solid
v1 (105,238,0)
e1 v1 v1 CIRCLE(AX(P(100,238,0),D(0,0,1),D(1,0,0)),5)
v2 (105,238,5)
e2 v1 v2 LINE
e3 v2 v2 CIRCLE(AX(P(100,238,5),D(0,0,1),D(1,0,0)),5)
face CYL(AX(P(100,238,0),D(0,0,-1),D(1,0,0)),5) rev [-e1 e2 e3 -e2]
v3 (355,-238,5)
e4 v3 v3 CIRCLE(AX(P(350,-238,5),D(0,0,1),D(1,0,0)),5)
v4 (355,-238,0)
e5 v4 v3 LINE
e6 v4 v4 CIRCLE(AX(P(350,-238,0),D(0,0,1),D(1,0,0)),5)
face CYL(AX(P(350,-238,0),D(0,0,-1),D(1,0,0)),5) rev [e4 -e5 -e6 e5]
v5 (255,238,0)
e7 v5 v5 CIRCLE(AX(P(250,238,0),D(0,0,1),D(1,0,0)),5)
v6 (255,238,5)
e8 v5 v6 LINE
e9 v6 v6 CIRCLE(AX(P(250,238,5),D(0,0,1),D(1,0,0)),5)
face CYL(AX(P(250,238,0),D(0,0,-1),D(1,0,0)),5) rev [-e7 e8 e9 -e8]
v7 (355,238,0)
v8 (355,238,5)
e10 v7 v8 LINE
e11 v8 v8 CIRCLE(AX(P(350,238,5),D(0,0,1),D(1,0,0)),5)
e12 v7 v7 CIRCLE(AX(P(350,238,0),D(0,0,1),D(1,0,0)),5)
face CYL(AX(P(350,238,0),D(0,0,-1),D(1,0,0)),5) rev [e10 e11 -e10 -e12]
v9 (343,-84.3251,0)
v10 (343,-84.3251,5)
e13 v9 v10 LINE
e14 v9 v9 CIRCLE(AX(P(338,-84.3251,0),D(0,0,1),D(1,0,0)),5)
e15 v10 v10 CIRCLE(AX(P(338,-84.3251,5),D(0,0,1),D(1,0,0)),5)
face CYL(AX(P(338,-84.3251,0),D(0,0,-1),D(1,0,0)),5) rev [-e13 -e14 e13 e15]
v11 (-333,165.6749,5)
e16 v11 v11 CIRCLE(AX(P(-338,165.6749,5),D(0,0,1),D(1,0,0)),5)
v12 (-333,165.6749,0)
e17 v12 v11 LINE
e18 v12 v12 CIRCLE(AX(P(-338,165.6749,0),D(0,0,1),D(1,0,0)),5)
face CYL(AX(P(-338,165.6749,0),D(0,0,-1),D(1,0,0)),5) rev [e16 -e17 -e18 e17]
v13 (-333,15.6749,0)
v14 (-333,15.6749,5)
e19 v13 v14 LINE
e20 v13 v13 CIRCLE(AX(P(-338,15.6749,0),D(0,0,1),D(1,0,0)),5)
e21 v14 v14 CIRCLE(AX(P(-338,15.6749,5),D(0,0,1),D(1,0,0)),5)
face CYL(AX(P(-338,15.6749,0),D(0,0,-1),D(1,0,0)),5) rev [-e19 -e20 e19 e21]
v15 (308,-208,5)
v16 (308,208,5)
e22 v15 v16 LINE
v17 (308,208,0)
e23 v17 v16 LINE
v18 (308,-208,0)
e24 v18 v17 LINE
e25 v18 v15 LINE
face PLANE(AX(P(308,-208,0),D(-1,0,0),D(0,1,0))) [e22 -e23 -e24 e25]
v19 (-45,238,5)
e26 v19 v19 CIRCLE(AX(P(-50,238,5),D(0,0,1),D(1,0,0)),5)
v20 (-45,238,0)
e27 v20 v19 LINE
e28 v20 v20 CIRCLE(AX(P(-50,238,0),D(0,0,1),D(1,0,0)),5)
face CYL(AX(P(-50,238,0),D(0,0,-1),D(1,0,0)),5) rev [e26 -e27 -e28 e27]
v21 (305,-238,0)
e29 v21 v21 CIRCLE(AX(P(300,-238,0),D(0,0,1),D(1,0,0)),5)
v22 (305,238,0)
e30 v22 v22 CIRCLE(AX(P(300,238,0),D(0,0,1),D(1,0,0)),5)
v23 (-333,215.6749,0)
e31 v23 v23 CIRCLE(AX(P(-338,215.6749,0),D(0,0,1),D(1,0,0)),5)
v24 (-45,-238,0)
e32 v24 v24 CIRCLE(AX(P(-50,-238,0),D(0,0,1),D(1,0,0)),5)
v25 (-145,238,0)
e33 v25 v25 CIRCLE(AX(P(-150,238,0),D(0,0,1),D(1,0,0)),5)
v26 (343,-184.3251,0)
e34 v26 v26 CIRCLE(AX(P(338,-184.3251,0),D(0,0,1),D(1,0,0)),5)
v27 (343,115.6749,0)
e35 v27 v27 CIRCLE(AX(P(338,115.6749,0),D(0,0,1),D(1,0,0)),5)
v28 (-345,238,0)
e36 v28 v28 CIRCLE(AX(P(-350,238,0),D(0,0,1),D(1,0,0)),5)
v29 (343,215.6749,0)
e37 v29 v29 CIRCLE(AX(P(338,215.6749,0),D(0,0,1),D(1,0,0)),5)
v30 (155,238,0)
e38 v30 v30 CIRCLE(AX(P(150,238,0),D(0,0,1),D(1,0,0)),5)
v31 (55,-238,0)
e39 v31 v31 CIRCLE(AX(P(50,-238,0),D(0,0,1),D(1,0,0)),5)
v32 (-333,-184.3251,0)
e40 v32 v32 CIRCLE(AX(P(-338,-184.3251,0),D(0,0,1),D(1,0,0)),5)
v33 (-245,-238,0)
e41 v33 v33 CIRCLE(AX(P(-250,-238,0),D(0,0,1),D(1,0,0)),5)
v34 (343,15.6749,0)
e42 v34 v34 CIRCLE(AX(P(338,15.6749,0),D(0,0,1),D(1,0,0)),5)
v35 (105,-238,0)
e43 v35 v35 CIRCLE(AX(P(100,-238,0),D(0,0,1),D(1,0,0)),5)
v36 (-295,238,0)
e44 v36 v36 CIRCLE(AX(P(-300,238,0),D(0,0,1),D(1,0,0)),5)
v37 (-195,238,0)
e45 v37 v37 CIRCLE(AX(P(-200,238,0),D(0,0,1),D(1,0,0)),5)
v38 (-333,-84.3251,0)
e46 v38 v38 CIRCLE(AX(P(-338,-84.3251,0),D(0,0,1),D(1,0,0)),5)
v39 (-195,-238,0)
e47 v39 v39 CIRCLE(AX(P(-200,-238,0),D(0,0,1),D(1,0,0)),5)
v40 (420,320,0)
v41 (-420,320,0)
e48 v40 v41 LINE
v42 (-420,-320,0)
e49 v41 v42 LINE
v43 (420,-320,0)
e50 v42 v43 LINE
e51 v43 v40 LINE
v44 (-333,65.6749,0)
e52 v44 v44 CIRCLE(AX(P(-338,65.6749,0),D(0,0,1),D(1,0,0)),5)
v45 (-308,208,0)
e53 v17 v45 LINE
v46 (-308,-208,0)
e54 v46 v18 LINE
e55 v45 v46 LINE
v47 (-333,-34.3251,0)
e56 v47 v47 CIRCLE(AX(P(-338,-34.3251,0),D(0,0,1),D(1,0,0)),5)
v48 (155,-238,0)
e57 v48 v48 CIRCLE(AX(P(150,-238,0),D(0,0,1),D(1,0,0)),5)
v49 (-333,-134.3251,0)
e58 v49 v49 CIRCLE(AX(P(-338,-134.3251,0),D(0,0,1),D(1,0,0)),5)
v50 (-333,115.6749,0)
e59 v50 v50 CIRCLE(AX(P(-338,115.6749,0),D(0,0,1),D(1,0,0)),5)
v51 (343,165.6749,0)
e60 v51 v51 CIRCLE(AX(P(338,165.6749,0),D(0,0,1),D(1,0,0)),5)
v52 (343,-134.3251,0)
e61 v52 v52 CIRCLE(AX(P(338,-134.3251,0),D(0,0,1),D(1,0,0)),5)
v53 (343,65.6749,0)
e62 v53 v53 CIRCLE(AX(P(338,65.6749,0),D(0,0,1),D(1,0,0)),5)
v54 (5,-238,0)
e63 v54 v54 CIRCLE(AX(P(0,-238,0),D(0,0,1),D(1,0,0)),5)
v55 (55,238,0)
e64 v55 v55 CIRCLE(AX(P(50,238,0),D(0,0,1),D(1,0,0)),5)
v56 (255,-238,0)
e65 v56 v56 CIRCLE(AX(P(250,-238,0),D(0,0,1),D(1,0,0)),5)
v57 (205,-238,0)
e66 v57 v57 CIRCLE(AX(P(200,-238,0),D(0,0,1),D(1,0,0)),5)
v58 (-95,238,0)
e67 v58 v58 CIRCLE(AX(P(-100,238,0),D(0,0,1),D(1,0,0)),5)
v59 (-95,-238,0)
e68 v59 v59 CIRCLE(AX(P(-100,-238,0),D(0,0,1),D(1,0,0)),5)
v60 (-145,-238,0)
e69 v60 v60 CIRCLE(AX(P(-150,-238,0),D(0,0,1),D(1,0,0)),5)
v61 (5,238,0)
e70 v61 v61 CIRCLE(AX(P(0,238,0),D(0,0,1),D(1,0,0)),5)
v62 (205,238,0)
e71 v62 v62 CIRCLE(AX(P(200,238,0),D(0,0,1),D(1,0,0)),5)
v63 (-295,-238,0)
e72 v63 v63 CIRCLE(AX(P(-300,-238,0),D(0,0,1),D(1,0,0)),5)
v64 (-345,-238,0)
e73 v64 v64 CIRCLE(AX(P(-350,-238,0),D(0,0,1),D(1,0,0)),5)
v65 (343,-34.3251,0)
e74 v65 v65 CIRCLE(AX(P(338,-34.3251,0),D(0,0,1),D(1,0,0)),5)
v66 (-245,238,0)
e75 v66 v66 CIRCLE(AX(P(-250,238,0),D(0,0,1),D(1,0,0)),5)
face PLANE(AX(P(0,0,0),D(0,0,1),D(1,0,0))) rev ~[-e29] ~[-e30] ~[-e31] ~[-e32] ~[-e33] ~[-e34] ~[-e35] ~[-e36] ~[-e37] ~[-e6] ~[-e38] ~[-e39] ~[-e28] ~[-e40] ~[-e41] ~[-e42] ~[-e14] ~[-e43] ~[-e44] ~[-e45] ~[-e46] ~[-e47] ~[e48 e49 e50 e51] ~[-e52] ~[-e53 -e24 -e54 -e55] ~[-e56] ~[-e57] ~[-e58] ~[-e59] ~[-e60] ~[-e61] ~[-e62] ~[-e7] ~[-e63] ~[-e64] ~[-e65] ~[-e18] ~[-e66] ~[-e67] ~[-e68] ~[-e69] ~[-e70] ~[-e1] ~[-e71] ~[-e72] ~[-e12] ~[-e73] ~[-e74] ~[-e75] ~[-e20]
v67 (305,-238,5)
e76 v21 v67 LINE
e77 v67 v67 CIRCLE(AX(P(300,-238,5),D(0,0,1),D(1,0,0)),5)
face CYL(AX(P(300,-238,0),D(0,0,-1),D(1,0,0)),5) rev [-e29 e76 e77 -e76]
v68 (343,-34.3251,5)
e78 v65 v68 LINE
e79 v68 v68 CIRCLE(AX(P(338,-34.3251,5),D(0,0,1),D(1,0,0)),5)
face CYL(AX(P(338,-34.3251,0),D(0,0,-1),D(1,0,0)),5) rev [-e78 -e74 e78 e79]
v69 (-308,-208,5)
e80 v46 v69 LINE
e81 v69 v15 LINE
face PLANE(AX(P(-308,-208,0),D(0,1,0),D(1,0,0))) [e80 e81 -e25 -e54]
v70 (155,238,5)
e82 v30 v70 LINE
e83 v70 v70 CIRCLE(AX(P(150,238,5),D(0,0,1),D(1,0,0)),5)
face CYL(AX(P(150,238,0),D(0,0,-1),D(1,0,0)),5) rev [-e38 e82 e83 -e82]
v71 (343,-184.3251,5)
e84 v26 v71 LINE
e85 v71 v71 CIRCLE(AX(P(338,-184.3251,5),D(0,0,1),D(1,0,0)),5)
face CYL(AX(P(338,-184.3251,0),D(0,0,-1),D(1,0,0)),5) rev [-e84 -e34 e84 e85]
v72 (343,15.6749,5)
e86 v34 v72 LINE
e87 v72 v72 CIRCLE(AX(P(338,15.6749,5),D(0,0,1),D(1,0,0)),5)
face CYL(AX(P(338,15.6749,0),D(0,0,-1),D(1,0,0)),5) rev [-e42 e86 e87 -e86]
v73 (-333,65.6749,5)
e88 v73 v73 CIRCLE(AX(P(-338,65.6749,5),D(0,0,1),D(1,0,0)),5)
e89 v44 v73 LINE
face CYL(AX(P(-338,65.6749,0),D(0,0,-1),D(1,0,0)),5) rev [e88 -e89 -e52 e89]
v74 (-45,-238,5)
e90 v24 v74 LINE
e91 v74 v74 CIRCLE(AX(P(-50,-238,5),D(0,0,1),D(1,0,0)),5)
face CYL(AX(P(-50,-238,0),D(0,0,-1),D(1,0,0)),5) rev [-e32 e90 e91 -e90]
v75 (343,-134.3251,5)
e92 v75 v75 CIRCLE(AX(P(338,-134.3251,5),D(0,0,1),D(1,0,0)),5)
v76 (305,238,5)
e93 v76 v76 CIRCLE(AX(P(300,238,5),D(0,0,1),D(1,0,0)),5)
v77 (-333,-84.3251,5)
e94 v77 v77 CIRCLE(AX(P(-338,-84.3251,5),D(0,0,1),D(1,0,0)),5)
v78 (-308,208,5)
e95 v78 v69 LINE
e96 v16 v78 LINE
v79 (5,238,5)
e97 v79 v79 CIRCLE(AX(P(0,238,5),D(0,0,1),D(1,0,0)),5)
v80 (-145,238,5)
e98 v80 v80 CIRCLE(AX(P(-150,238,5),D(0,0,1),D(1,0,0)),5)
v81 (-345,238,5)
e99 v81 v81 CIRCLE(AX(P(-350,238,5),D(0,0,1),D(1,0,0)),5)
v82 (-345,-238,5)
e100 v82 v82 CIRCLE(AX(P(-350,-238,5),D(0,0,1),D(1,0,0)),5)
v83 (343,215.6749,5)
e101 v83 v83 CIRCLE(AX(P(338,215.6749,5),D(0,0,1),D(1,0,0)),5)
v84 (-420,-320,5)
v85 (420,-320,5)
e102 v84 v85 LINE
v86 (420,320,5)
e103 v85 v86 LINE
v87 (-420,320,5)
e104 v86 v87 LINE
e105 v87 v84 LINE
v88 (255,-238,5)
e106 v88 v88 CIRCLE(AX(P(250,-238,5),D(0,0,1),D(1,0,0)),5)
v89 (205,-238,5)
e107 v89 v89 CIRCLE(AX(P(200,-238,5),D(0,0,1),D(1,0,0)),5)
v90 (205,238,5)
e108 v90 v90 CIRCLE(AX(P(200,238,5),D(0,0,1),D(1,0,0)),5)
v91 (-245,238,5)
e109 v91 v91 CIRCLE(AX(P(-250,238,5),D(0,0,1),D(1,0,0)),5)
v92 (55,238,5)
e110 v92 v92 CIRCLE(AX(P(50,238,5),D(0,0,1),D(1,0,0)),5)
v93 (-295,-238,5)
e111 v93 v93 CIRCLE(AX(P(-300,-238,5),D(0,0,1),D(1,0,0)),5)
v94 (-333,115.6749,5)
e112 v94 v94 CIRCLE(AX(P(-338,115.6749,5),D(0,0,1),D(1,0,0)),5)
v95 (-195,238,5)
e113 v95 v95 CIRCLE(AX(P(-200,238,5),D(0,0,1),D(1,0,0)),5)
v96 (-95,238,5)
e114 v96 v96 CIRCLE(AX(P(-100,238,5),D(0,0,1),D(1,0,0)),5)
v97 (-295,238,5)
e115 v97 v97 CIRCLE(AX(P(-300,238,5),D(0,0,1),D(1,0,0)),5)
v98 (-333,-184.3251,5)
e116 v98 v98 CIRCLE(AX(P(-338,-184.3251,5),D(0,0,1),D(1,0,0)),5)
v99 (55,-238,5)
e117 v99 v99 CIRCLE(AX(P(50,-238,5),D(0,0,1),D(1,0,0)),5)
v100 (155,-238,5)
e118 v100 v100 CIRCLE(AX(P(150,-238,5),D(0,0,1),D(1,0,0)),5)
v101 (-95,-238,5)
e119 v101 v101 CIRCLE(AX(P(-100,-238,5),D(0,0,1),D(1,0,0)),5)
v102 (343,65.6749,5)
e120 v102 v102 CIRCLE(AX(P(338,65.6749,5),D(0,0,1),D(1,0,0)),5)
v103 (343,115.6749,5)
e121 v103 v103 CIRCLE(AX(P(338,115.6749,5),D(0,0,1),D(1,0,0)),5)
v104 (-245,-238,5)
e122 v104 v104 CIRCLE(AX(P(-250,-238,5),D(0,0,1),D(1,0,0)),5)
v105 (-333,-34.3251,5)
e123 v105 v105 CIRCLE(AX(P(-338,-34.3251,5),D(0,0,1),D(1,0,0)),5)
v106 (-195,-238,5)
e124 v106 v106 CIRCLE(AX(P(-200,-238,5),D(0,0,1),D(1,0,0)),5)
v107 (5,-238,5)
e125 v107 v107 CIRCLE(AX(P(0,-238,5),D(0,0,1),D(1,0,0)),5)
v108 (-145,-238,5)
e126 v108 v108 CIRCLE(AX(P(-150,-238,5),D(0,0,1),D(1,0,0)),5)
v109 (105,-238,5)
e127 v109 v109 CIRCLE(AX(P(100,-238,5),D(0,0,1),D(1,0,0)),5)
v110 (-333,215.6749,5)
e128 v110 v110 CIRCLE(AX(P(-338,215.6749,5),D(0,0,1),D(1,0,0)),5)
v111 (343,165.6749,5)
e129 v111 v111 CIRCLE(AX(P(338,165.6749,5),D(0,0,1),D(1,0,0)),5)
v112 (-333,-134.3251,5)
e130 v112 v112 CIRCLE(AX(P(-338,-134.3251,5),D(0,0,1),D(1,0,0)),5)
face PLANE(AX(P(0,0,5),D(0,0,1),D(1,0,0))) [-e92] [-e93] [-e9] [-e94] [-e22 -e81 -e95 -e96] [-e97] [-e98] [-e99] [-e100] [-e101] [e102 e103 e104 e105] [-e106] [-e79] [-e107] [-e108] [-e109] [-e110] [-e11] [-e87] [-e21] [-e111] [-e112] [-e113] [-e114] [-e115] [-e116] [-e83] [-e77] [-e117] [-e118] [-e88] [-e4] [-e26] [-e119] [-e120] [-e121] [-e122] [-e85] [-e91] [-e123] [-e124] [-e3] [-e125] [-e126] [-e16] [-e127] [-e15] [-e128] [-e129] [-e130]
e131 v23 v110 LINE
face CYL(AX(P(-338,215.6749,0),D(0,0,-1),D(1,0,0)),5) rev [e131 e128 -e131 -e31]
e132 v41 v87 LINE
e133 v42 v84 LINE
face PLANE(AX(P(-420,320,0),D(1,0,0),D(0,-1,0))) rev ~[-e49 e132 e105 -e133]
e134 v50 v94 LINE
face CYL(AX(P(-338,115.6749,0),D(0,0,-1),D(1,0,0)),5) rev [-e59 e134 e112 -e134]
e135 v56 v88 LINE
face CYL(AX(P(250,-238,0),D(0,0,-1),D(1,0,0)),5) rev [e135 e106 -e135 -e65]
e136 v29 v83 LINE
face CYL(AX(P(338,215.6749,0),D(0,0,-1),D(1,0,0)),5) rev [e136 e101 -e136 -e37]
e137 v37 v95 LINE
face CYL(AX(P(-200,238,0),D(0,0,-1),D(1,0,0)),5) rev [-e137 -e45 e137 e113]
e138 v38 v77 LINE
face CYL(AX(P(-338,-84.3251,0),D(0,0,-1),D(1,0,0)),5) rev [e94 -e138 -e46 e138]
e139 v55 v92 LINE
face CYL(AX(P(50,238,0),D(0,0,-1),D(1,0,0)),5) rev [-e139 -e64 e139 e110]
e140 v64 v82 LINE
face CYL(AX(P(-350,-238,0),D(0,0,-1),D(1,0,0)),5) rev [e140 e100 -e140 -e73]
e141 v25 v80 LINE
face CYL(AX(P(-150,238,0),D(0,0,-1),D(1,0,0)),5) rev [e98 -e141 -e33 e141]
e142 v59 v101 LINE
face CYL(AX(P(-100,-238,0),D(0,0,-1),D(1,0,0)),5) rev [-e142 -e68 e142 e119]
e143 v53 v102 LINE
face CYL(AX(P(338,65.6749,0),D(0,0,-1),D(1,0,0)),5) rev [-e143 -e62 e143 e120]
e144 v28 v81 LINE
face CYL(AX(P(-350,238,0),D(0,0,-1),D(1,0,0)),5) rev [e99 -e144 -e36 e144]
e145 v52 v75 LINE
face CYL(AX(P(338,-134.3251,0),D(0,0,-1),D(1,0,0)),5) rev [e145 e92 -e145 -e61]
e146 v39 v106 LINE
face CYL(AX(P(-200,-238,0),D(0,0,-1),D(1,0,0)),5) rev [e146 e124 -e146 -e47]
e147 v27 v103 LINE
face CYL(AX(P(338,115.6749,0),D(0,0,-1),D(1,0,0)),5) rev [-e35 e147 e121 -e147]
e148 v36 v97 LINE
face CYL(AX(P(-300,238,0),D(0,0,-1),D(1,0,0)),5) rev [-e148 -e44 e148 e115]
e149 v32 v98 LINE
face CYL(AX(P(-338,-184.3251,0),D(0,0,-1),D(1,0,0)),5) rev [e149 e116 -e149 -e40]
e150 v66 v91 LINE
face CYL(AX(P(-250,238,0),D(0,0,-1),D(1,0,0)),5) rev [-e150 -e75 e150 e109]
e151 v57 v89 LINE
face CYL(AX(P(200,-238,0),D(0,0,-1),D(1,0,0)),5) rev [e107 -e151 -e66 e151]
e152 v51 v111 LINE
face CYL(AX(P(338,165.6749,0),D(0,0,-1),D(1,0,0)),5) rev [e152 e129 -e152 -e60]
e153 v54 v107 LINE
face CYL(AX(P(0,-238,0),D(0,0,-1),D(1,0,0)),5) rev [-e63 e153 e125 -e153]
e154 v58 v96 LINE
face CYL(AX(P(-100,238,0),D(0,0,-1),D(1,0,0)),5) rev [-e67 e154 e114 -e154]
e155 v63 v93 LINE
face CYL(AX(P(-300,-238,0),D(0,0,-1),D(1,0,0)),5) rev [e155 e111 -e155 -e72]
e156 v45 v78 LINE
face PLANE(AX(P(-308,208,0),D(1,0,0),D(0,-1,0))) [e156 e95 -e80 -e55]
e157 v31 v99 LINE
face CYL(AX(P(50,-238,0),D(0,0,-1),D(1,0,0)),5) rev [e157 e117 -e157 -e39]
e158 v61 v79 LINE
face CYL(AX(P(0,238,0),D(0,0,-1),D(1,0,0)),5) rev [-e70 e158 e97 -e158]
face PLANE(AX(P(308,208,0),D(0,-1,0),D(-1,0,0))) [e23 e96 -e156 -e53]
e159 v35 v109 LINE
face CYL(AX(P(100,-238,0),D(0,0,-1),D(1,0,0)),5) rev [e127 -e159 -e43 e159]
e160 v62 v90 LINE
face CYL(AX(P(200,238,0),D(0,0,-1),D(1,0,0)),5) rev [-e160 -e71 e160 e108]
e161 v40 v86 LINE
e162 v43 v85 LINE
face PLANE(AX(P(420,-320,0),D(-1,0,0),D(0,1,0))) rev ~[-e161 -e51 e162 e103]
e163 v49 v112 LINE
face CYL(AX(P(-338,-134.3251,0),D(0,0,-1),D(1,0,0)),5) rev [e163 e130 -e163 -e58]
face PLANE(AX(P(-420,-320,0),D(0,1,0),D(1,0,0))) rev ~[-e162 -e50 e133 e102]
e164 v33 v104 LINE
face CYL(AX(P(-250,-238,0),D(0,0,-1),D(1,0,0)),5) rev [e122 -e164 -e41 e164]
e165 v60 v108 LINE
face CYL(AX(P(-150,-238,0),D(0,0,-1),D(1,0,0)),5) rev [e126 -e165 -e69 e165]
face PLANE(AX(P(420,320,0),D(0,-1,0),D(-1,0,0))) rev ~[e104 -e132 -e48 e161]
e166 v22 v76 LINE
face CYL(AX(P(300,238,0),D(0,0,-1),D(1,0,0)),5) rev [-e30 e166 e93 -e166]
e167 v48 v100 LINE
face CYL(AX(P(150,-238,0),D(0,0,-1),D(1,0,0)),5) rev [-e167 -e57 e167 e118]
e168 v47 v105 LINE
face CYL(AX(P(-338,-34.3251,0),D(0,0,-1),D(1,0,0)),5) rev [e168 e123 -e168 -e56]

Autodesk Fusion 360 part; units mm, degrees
sketch "スケッチ1" plane through (0, 0, 0) normal (0, 0, 1) x (1, 0, 0)
  line L0 (-300, -200) -> (300, -200)
  line L1 (300, -200) -> (300, 200)
  line L2 (300, 200) -> (-300, 200)
  line L3 (-300, 200) -> (-300, -200)
  line L4 (-119.9867, 518.3256) -> (720.0133, 518.3256)
  line L5 (720.0133, 518.3256) -> (720.0133, -121.6744)
  line L6 (720.0133, -121.6744) -> (-119.9867, -121.6744)
  line L7 (-119.9867, -121.6744) -> (-119.9867, 518.3256)
  line L8 (-7.9867, 406.3256) -> (608.0133, 406.3256)
  line L9 (608.0133, 406.3256) -> (608.0133, -9.6744)
  line L10 (608.0133, -9.6744) -> (-7.9867, -9.6744)
  line L11 (-7.9867, -9.6744) -> (-7.9867, 406.3256)
  circle A0 centre (-50, -39.6744) radius 5
  circle A1 centre (-37.9867, 13.9976) radius 5
  line L12 (0, -200) -> (0, 200)
  line L13 (-300, 0) -> (300, 0)
  line L14 (300.0133, 518.3256) -> (300.0133, -121.6744)
  line L15 (-119.9867, 198.3256) -> (720.0133, 198.3256)
  circle A2 centre (638.0133, 13.9976) radius 5
  circle A3 centre (-50, 436.3256) radius 5
  circle A4 centre (0, -39.6744) radius 5
  circle A5 centre (0, 436.3256) radius 5
  circle A6 centre (50, -39.6744) radius 5
  circle A7 centre (50, 436.3256) radius 5
  circle A8 centre (100, -39.6744) radius 5
  circle A9 centre (100, 436.3256) radius 5
  circle A10 centre (150, -39.6744) radius 5
  circle A11 centre (150, 436.3256) radius 5
  circle A12 centre (200, -39.6744) radius 5
  circle A13 centre (200, 436.3256) radius 5
  circle A14 centre (250, -39.6744) radius 5
  circle A15 centre (250, 436.3256) radius 5
  circle A16 centre (300, -39.6744) radius 5
  circle A17 centre (300, 436.3256) radius 5
  circle A18 centre (350, -39.6744) radius 5
  circle A19 centre (350, 436.3256) radius 5
  circle A20 centre (400, -39.6744) radius 5
  circle A21 centre (400, 436.3256) radius 5
  circle A22 centre (450, -39.6744) radius 5
  circle A23 centre (450, 436.3256) radius 5
  circle A24 centre (500, -39.6744) radius 5
  circle A25 centre (500, 436.3256) radius 5
  circle A26 centre (550, -39.6744) radius 5
  circle A27 centre (550, 436.3256) radius 5
  circle A28 centre (600, -39.6744) radius 5
  circle A29 centre (600, 436.3256) radius 5
  circle A30 centre (650, -39.6744) radius 5
  circle A31 centre (650, 436.3256) radius 5
  circle A32 centre (-37.9867, 63.9976) radius 5
  circle A33 centre (638.0133, 63.9976) radius 5
  circle A34 centre (-37.9867, 113.9976) radius 5
  circle A35 centre (638.0133, 113.9976) radius 5
  circle A36 centre (-37.9867, 163.9976) radius 5
  circle A37 centre (638.0133, 163.9976) radius 5
  circle A38 centre (-37.9867, 213.9976) radius 5
  circle A39 centre (638.0133, 213.9976) radius 5
  circle A40 centre (-37.9867, 263.9976) radius 5
  circle A41 centre (638.0133, 263.9976) radius 5
  circle A42 centre (-37.9867, 313.9976) radius 5
  circle A43 centre (638.0133, 313.9976) radius 5
  circle A44 centre (-37.9867, 363.9976) radius 5
  circle A45 centre (638.0133, 363.9976) radius 5
  circle A46 centre (-37.9867, 413.9976) radius 5
  circle A47 centre (638.0133, 413.9976) radius 5
  dimension "d1" = 600
  dimension "d2" = 400
  dimension "d3" = 840
  dimension "d4" = 640
  dimension "d5" = 10
  dimension "d6" = 10
  dimension "d10" = 50
  dimension "d11" = 0
  dimension "d12" = 616
  dimension "d13" = 416
  dimension "d14" = 616
  dimension "d15" = 416
  dimension "d16" = 30
  dimension "d17" = 50
  dimension "d18" = 30
  dimension "d21" = -50
  dimension "d22" = 0
  dimension "d23" = 55
sketch "スケッチ2" plane through (0, 0, 0) normal (0, 0, 1) x (1, 0, 0)
  line L0 (-420, -320) -> (420, -320)
  line L1 (420, -320) -> (420, 320)
  line L2 (420, 320) -> (-420, 320)
  line L3 (-420, 320) -> (-420, -320)
  line L4 (-308, -208) -> (308, -208)
  line L5 (308, -208) -> (308, 208)
  line L6 (308, 208) -> (-308, 208)
  line L7 (-308, 208) -> (-308, -208)
  circle A0 centre (-350, -238) radius 5
  circle A1 centre (-338, -184.3251) radius 5
  line L8 (-300, 200) -> (300, 200) construction
  line L9 (300, 200) -> (300, -200) construction
  line L10 (300, -200) -> (-300, -200) construction
  line L11 (-300, -200) -> (-300, 200) construction
  line L12 (0, 200) -> (0, -200) construction
  line L13 (-300, 0) -> (300, 0) construction
  circle A2 centre (-350, 238) radius 5
  line L14 (0, -200) -> (0, 200)
  circle A3 centre (338, -184.3251) radius 5
  line L15 (-300, 200) -> (-300, -200)
  circle A4 centre (-338, -134.3251) radius 5
  circle A5 centre (338, -134.3251) radius 5
  circle A6 centre (-338, -84.3251) radius 5
  circle A7 centre (338, -84.3251) radius 5
  circle A8 centre (-338, -34.3251) radius 5
  circle A9 centre (338, -34.3251) radius 5
  circle A10 centre (-338, 15.6749) radius 5
  circle A11 centre (338, 15.6749) radius 5
  circle A12 centre (-338, 65.6749) radius 5
  circle A13 centre (338, 65.6749) radius 5
  circle A14 centre (-338, 115.6749) radius 5
  circle A15 centre (338, 115.6749) radius 5
  circle A16 centre (-338, 165.6749) radius 5
  circle A17 centre (338, 165.6749) radius 5
  circle A18 centre (-338, 215.6749) radius 5
  circle A19 centre (338, 215.6749) radius 5
  circle A20 centre (-300, -238) radius 5
  circle A21 centre (-250, -238) radius 5
  circle A22 centre (-200, -238) radius 5
  circle A23 centre (-150, -238) radius 5
  circle A24 centre (-100, -238) radius 5
  circle A25 centre (-50, -238) radius 5
  circle A26 centre (0, -238) radius 5
  circle A27 centre (50, -238) radius 5
  circle A28 centre (100, -238) radius 5
  circle A29 centre (150, -238) radius 5
  circle A30 centre (200, -238) radius 5
  circle A31 centre (250, -238) radius 5
  circle A32 centre (300, -238) radius 5
  circle A33 centre (350, -238) radius 5
  circle A34 centre (-300, 238) radius 5
  circle A35 centre (-250, 238) radius 5
  circle A36 centre (-200, 238) radius 5
  circle A37 centre (-150, 238) radius 5
  circle A38 centre (-100, 238) radius 5
  circle A39 centre (-50, 238) radius 5
  circle A40 centre (0, 238) radius 5
  circle A41 centre (50, 238) radius 5
  circle A42 centre (100, 238) radius 5
  circle A43 centre (150, 238) radius 5
  circle A44 centre (200, 238) radius 5
  circle A45 centre (250, 238) radius 5
  circle A46 centre (300, 238) radius 5
  circle A47 centre (350, 238) radius 5
  line L16 (-300, 0) -> (300, 0)
  dimension "d24" = 840
  dimension "d25" = 640
  dimension "d26" = 616
  dimension "d27" = 416
  dimension "d28" = 10
  dimension "d30" = 10
  dimension "d32" = 600
  dimension "d33" = 400
  dimension "d34" = 308
  dimension "d35" = 208
  dimension "d36" = 30
  dimension "d38" = 30
  dimension "d39" = 55
  dimension "d42" = 50
  dimension "d43" = 0
  dimension "d44" = 50
  dimension "d47" = 0
  dimension "d48" = 50
  dimension "d49" = 420
  dimension "d50" = 320
extrude "押し出し1" add sketch "スケッチ2" along normal blind 5
equation "d34 = ( 616 / 2 ) * 1 mm"
equation "d35 = ( 416 / 2 ) * 1 mm"
